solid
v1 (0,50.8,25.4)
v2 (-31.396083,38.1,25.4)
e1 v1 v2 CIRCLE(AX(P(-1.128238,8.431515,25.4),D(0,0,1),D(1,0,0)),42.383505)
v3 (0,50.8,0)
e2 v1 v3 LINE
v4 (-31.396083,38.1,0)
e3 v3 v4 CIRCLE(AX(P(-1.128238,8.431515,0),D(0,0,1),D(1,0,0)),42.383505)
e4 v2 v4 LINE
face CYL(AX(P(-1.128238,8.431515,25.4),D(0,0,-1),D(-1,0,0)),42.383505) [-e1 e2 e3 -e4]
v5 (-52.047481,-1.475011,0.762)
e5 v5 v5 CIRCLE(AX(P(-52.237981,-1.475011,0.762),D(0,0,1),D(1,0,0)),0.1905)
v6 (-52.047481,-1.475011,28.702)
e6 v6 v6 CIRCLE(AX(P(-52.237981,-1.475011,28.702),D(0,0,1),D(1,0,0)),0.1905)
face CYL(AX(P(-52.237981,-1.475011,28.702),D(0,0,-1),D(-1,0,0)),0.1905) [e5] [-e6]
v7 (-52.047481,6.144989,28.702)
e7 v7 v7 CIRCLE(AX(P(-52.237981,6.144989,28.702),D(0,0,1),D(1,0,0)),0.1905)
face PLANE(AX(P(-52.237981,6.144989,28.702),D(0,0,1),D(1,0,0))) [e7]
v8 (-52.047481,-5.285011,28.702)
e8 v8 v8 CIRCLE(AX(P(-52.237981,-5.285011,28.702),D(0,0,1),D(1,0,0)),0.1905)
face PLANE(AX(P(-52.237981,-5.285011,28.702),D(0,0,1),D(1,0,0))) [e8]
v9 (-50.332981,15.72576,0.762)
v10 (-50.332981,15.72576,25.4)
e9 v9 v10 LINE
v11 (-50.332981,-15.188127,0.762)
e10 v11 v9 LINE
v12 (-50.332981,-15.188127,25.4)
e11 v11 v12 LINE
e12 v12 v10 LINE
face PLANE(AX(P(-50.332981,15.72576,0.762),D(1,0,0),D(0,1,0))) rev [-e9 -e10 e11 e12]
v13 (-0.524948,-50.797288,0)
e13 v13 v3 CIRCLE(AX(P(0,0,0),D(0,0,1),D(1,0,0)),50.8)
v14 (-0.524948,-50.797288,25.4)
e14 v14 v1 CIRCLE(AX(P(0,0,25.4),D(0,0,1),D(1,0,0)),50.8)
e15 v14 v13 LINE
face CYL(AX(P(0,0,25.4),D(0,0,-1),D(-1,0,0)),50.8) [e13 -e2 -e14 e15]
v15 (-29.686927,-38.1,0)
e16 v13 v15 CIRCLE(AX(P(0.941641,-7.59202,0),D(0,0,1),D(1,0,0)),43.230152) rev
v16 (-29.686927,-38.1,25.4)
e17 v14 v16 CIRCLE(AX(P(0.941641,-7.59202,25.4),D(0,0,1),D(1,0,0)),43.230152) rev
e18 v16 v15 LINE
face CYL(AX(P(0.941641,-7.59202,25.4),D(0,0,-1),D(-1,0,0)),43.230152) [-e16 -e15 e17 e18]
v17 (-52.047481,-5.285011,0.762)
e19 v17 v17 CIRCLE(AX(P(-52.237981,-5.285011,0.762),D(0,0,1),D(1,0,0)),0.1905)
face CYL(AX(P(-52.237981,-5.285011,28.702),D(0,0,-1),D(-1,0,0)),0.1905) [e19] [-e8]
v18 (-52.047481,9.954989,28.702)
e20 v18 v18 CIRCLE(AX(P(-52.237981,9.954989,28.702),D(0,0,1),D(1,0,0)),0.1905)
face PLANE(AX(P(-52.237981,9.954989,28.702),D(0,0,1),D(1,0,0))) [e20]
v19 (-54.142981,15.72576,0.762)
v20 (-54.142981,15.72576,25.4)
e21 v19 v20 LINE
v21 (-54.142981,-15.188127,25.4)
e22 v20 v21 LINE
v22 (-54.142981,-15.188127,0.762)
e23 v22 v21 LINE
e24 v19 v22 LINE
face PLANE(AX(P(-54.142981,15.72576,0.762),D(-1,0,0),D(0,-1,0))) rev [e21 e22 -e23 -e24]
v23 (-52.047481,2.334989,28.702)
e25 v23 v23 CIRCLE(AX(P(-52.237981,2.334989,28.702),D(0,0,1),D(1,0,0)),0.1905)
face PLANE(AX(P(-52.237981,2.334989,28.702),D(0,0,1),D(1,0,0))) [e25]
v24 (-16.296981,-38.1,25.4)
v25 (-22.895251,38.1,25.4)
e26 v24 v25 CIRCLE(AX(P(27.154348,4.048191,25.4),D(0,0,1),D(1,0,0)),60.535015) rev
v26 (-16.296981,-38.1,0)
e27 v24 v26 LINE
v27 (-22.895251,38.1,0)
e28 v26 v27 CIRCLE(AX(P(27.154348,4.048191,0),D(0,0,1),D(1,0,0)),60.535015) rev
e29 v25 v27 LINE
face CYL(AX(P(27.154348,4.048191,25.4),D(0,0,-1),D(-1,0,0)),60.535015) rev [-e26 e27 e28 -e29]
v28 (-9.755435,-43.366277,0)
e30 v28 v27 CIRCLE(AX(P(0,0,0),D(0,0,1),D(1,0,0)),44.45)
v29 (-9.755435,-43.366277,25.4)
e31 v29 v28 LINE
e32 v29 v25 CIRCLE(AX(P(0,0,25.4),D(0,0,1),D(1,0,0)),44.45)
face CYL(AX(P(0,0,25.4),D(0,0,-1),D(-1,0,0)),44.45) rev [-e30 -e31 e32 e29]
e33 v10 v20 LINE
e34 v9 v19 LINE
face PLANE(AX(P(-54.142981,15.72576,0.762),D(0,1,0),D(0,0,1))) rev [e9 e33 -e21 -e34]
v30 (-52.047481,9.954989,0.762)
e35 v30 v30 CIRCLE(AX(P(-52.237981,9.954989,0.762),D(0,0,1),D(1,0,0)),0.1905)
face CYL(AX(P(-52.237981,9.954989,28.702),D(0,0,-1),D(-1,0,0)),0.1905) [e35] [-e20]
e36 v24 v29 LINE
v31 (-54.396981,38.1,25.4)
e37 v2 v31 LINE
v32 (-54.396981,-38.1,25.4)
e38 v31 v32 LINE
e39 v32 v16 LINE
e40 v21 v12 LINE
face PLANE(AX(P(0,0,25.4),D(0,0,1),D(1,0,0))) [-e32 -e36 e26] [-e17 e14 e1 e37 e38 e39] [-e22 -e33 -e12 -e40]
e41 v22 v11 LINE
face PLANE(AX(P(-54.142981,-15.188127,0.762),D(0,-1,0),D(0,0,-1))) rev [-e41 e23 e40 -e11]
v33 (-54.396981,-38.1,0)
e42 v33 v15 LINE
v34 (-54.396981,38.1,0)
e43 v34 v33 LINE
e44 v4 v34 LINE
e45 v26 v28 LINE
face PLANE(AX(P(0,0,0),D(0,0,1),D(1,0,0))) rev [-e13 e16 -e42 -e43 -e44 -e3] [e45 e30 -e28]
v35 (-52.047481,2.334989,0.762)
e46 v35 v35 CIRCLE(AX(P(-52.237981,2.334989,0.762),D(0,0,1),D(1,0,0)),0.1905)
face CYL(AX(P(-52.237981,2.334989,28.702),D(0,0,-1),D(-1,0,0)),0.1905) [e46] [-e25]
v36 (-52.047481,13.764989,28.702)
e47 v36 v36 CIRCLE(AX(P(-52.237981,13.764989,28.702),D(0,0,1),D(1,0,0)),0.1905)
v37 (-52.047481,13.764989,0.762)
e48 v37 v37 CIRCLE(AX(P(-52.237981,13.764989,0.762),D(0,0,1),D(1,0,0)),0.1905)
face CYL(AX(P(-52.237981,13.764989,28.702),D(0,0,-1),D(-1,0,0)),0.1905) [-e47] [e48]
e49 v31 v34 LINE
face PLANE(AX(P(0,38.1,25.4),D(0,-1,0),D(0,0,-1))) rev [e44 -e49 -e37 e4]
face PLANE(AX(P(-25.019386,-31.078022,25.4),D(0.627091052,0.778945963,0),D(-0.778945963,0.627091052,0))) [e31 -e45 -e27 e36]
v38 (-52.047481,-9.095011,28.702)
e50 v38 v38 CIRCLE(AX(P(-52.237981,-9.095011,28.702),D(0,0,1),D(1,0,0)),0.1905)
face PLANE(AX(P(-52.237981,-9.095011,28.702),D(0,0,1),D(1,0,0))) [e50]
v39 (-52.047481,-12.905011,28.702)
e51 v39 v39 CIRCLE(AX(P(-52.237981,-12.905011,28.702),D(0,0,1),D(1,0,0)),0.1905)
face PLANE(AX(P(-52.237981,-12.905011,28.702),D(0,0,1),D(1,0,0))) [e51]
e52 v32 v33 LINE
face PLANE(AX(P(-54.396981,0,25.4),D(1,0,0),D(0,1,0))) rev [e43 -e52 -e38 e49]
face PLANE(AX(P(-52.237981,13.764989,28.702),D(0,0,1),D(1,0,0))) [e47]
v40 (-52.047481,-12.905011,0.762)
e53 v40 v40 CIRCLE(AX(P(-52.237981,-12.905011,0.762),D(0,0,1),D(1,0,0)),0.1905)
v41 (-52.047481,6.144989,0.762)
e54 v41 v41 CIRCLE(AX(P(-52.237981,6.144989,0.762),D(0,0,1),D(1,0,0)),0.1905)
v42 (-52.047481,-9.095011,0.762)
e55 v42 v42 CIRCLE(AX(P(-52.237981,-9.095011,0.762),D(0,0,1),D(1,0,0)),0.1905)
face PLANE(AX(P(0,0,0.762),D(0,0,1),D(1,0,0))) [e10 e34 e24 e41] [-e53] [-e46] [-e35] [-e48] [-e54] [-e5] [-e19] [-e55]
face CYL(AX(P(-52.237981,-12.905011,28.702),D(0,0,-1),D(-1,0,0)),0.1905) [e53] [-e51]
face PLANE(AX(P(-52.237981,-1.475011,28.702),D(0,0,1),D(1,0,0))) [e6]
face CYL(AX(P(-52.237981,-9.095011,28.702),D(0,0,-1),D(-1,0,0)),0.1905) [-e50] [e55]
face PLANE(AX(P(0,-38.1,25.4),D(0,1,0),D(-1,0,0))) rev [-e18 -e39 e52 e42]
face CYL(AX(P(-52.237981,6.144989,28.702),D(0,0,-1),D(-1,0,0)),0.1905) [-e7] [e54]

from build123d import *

# Parameters (mm, degrees)
BOSS_EXTRUDE1_DEPTH = 25.4
SKETCH2_W           = 3.81
SKETCH2_H           = 30.913886478
CUT_EXTRUDE1_DEPTH  = 24.638
SKETCH3_R           = 0.1905
BOSS_EXTRUDE2_DEPTH = 27.94


with BuildPart() as part:
    # Sketch1 → Boss-Extrude1 (new body)
    with BuildSketch(Plane(origin=(0, 0, 0), x_dir=(0, 1, 0), z_dir=(0, 0, 1))):
        with BuildLine():
            Line((38.1, 31.396083107), (38.1, 54.3969813))
            Line((38.1, 54.3969813), (-38.1, 54.3969813))
            Line((-38.1, 54.3969813), (-38.1, 29.686927473))
            ThreePointArc((-38.1, 29.686927473), (-47.228063928, 16.31611269), (-50.79728762, 0.524948031))
            ThreePointArc((-50.79728762, 0.524948031), (-0.262477519, -50.799321901), (50.8, 0))
            ThreePointArc((50.8, 0), (47.722223419, 17.021685566), (38.1, 31.396083107))
        make_face()
        with BuildLine():
            Line((-38.1, 16.2969813), (-43.366277143, 9.755434728))
            ThreePointArc((-43.366277143, 9.755434728), (7.077931126, -43.882859877), (38.1, 22.895250599))
            ThreePointArc((38.1, 22.895250599), (-1.174082446, 33.154986969), (-38.1, 16.2969813))
        make_face(mode=Mode.SUBTRACT)
    extrude(amount=BOSS_EXTRUDE1_DEPTH)

    # Sketch2 → Cut-Extrude1 (cut)
    with BuildSketch(Plane.XY.offset(25.4)):
        with Locations((-52.2379813, 0.268816404)):
            Rectangle(SKETCH2_W, SKETCH2_H)
    extrude(amount=-CUT_EXTRUDE1_DEPTH, mode=Mode.SUBTRACT)

    # Sketch3 → Boss-Extrude2 (add)
    with BuildSketch(Plane.XY.offset(0.762)):
        with Locations((-52.2379813, -12.905010915)):
            Circle(SKETCH3_R)
        with Locations((-52.2379813, -9.095010915)):
            Circle(SKETCH3_R)
        with Locations((-52.2379813, -5.285010915)):
            Circle(SKETCH3_R)
        with Locations((-52.2379813, -1.475010915)):
            Circle(SKETCH3_R)
        with Locations((-52.2379813, 2.334989085)):
            Circle(SKETCH3_R)
        with Locations((-52.2379813, 6.144989085)):
            Circle(SKETCH3_R)
        with Locations((-52.2379813, 9.954989085)):
            Circle(SKETCH3_R)
        with Locations((-52.2379813, 13.764989085)):
            Circle(SKETCH3_R)
    extrude(amount=BOSS_EXTRUDE2_DEPTH)


solid = part.part
